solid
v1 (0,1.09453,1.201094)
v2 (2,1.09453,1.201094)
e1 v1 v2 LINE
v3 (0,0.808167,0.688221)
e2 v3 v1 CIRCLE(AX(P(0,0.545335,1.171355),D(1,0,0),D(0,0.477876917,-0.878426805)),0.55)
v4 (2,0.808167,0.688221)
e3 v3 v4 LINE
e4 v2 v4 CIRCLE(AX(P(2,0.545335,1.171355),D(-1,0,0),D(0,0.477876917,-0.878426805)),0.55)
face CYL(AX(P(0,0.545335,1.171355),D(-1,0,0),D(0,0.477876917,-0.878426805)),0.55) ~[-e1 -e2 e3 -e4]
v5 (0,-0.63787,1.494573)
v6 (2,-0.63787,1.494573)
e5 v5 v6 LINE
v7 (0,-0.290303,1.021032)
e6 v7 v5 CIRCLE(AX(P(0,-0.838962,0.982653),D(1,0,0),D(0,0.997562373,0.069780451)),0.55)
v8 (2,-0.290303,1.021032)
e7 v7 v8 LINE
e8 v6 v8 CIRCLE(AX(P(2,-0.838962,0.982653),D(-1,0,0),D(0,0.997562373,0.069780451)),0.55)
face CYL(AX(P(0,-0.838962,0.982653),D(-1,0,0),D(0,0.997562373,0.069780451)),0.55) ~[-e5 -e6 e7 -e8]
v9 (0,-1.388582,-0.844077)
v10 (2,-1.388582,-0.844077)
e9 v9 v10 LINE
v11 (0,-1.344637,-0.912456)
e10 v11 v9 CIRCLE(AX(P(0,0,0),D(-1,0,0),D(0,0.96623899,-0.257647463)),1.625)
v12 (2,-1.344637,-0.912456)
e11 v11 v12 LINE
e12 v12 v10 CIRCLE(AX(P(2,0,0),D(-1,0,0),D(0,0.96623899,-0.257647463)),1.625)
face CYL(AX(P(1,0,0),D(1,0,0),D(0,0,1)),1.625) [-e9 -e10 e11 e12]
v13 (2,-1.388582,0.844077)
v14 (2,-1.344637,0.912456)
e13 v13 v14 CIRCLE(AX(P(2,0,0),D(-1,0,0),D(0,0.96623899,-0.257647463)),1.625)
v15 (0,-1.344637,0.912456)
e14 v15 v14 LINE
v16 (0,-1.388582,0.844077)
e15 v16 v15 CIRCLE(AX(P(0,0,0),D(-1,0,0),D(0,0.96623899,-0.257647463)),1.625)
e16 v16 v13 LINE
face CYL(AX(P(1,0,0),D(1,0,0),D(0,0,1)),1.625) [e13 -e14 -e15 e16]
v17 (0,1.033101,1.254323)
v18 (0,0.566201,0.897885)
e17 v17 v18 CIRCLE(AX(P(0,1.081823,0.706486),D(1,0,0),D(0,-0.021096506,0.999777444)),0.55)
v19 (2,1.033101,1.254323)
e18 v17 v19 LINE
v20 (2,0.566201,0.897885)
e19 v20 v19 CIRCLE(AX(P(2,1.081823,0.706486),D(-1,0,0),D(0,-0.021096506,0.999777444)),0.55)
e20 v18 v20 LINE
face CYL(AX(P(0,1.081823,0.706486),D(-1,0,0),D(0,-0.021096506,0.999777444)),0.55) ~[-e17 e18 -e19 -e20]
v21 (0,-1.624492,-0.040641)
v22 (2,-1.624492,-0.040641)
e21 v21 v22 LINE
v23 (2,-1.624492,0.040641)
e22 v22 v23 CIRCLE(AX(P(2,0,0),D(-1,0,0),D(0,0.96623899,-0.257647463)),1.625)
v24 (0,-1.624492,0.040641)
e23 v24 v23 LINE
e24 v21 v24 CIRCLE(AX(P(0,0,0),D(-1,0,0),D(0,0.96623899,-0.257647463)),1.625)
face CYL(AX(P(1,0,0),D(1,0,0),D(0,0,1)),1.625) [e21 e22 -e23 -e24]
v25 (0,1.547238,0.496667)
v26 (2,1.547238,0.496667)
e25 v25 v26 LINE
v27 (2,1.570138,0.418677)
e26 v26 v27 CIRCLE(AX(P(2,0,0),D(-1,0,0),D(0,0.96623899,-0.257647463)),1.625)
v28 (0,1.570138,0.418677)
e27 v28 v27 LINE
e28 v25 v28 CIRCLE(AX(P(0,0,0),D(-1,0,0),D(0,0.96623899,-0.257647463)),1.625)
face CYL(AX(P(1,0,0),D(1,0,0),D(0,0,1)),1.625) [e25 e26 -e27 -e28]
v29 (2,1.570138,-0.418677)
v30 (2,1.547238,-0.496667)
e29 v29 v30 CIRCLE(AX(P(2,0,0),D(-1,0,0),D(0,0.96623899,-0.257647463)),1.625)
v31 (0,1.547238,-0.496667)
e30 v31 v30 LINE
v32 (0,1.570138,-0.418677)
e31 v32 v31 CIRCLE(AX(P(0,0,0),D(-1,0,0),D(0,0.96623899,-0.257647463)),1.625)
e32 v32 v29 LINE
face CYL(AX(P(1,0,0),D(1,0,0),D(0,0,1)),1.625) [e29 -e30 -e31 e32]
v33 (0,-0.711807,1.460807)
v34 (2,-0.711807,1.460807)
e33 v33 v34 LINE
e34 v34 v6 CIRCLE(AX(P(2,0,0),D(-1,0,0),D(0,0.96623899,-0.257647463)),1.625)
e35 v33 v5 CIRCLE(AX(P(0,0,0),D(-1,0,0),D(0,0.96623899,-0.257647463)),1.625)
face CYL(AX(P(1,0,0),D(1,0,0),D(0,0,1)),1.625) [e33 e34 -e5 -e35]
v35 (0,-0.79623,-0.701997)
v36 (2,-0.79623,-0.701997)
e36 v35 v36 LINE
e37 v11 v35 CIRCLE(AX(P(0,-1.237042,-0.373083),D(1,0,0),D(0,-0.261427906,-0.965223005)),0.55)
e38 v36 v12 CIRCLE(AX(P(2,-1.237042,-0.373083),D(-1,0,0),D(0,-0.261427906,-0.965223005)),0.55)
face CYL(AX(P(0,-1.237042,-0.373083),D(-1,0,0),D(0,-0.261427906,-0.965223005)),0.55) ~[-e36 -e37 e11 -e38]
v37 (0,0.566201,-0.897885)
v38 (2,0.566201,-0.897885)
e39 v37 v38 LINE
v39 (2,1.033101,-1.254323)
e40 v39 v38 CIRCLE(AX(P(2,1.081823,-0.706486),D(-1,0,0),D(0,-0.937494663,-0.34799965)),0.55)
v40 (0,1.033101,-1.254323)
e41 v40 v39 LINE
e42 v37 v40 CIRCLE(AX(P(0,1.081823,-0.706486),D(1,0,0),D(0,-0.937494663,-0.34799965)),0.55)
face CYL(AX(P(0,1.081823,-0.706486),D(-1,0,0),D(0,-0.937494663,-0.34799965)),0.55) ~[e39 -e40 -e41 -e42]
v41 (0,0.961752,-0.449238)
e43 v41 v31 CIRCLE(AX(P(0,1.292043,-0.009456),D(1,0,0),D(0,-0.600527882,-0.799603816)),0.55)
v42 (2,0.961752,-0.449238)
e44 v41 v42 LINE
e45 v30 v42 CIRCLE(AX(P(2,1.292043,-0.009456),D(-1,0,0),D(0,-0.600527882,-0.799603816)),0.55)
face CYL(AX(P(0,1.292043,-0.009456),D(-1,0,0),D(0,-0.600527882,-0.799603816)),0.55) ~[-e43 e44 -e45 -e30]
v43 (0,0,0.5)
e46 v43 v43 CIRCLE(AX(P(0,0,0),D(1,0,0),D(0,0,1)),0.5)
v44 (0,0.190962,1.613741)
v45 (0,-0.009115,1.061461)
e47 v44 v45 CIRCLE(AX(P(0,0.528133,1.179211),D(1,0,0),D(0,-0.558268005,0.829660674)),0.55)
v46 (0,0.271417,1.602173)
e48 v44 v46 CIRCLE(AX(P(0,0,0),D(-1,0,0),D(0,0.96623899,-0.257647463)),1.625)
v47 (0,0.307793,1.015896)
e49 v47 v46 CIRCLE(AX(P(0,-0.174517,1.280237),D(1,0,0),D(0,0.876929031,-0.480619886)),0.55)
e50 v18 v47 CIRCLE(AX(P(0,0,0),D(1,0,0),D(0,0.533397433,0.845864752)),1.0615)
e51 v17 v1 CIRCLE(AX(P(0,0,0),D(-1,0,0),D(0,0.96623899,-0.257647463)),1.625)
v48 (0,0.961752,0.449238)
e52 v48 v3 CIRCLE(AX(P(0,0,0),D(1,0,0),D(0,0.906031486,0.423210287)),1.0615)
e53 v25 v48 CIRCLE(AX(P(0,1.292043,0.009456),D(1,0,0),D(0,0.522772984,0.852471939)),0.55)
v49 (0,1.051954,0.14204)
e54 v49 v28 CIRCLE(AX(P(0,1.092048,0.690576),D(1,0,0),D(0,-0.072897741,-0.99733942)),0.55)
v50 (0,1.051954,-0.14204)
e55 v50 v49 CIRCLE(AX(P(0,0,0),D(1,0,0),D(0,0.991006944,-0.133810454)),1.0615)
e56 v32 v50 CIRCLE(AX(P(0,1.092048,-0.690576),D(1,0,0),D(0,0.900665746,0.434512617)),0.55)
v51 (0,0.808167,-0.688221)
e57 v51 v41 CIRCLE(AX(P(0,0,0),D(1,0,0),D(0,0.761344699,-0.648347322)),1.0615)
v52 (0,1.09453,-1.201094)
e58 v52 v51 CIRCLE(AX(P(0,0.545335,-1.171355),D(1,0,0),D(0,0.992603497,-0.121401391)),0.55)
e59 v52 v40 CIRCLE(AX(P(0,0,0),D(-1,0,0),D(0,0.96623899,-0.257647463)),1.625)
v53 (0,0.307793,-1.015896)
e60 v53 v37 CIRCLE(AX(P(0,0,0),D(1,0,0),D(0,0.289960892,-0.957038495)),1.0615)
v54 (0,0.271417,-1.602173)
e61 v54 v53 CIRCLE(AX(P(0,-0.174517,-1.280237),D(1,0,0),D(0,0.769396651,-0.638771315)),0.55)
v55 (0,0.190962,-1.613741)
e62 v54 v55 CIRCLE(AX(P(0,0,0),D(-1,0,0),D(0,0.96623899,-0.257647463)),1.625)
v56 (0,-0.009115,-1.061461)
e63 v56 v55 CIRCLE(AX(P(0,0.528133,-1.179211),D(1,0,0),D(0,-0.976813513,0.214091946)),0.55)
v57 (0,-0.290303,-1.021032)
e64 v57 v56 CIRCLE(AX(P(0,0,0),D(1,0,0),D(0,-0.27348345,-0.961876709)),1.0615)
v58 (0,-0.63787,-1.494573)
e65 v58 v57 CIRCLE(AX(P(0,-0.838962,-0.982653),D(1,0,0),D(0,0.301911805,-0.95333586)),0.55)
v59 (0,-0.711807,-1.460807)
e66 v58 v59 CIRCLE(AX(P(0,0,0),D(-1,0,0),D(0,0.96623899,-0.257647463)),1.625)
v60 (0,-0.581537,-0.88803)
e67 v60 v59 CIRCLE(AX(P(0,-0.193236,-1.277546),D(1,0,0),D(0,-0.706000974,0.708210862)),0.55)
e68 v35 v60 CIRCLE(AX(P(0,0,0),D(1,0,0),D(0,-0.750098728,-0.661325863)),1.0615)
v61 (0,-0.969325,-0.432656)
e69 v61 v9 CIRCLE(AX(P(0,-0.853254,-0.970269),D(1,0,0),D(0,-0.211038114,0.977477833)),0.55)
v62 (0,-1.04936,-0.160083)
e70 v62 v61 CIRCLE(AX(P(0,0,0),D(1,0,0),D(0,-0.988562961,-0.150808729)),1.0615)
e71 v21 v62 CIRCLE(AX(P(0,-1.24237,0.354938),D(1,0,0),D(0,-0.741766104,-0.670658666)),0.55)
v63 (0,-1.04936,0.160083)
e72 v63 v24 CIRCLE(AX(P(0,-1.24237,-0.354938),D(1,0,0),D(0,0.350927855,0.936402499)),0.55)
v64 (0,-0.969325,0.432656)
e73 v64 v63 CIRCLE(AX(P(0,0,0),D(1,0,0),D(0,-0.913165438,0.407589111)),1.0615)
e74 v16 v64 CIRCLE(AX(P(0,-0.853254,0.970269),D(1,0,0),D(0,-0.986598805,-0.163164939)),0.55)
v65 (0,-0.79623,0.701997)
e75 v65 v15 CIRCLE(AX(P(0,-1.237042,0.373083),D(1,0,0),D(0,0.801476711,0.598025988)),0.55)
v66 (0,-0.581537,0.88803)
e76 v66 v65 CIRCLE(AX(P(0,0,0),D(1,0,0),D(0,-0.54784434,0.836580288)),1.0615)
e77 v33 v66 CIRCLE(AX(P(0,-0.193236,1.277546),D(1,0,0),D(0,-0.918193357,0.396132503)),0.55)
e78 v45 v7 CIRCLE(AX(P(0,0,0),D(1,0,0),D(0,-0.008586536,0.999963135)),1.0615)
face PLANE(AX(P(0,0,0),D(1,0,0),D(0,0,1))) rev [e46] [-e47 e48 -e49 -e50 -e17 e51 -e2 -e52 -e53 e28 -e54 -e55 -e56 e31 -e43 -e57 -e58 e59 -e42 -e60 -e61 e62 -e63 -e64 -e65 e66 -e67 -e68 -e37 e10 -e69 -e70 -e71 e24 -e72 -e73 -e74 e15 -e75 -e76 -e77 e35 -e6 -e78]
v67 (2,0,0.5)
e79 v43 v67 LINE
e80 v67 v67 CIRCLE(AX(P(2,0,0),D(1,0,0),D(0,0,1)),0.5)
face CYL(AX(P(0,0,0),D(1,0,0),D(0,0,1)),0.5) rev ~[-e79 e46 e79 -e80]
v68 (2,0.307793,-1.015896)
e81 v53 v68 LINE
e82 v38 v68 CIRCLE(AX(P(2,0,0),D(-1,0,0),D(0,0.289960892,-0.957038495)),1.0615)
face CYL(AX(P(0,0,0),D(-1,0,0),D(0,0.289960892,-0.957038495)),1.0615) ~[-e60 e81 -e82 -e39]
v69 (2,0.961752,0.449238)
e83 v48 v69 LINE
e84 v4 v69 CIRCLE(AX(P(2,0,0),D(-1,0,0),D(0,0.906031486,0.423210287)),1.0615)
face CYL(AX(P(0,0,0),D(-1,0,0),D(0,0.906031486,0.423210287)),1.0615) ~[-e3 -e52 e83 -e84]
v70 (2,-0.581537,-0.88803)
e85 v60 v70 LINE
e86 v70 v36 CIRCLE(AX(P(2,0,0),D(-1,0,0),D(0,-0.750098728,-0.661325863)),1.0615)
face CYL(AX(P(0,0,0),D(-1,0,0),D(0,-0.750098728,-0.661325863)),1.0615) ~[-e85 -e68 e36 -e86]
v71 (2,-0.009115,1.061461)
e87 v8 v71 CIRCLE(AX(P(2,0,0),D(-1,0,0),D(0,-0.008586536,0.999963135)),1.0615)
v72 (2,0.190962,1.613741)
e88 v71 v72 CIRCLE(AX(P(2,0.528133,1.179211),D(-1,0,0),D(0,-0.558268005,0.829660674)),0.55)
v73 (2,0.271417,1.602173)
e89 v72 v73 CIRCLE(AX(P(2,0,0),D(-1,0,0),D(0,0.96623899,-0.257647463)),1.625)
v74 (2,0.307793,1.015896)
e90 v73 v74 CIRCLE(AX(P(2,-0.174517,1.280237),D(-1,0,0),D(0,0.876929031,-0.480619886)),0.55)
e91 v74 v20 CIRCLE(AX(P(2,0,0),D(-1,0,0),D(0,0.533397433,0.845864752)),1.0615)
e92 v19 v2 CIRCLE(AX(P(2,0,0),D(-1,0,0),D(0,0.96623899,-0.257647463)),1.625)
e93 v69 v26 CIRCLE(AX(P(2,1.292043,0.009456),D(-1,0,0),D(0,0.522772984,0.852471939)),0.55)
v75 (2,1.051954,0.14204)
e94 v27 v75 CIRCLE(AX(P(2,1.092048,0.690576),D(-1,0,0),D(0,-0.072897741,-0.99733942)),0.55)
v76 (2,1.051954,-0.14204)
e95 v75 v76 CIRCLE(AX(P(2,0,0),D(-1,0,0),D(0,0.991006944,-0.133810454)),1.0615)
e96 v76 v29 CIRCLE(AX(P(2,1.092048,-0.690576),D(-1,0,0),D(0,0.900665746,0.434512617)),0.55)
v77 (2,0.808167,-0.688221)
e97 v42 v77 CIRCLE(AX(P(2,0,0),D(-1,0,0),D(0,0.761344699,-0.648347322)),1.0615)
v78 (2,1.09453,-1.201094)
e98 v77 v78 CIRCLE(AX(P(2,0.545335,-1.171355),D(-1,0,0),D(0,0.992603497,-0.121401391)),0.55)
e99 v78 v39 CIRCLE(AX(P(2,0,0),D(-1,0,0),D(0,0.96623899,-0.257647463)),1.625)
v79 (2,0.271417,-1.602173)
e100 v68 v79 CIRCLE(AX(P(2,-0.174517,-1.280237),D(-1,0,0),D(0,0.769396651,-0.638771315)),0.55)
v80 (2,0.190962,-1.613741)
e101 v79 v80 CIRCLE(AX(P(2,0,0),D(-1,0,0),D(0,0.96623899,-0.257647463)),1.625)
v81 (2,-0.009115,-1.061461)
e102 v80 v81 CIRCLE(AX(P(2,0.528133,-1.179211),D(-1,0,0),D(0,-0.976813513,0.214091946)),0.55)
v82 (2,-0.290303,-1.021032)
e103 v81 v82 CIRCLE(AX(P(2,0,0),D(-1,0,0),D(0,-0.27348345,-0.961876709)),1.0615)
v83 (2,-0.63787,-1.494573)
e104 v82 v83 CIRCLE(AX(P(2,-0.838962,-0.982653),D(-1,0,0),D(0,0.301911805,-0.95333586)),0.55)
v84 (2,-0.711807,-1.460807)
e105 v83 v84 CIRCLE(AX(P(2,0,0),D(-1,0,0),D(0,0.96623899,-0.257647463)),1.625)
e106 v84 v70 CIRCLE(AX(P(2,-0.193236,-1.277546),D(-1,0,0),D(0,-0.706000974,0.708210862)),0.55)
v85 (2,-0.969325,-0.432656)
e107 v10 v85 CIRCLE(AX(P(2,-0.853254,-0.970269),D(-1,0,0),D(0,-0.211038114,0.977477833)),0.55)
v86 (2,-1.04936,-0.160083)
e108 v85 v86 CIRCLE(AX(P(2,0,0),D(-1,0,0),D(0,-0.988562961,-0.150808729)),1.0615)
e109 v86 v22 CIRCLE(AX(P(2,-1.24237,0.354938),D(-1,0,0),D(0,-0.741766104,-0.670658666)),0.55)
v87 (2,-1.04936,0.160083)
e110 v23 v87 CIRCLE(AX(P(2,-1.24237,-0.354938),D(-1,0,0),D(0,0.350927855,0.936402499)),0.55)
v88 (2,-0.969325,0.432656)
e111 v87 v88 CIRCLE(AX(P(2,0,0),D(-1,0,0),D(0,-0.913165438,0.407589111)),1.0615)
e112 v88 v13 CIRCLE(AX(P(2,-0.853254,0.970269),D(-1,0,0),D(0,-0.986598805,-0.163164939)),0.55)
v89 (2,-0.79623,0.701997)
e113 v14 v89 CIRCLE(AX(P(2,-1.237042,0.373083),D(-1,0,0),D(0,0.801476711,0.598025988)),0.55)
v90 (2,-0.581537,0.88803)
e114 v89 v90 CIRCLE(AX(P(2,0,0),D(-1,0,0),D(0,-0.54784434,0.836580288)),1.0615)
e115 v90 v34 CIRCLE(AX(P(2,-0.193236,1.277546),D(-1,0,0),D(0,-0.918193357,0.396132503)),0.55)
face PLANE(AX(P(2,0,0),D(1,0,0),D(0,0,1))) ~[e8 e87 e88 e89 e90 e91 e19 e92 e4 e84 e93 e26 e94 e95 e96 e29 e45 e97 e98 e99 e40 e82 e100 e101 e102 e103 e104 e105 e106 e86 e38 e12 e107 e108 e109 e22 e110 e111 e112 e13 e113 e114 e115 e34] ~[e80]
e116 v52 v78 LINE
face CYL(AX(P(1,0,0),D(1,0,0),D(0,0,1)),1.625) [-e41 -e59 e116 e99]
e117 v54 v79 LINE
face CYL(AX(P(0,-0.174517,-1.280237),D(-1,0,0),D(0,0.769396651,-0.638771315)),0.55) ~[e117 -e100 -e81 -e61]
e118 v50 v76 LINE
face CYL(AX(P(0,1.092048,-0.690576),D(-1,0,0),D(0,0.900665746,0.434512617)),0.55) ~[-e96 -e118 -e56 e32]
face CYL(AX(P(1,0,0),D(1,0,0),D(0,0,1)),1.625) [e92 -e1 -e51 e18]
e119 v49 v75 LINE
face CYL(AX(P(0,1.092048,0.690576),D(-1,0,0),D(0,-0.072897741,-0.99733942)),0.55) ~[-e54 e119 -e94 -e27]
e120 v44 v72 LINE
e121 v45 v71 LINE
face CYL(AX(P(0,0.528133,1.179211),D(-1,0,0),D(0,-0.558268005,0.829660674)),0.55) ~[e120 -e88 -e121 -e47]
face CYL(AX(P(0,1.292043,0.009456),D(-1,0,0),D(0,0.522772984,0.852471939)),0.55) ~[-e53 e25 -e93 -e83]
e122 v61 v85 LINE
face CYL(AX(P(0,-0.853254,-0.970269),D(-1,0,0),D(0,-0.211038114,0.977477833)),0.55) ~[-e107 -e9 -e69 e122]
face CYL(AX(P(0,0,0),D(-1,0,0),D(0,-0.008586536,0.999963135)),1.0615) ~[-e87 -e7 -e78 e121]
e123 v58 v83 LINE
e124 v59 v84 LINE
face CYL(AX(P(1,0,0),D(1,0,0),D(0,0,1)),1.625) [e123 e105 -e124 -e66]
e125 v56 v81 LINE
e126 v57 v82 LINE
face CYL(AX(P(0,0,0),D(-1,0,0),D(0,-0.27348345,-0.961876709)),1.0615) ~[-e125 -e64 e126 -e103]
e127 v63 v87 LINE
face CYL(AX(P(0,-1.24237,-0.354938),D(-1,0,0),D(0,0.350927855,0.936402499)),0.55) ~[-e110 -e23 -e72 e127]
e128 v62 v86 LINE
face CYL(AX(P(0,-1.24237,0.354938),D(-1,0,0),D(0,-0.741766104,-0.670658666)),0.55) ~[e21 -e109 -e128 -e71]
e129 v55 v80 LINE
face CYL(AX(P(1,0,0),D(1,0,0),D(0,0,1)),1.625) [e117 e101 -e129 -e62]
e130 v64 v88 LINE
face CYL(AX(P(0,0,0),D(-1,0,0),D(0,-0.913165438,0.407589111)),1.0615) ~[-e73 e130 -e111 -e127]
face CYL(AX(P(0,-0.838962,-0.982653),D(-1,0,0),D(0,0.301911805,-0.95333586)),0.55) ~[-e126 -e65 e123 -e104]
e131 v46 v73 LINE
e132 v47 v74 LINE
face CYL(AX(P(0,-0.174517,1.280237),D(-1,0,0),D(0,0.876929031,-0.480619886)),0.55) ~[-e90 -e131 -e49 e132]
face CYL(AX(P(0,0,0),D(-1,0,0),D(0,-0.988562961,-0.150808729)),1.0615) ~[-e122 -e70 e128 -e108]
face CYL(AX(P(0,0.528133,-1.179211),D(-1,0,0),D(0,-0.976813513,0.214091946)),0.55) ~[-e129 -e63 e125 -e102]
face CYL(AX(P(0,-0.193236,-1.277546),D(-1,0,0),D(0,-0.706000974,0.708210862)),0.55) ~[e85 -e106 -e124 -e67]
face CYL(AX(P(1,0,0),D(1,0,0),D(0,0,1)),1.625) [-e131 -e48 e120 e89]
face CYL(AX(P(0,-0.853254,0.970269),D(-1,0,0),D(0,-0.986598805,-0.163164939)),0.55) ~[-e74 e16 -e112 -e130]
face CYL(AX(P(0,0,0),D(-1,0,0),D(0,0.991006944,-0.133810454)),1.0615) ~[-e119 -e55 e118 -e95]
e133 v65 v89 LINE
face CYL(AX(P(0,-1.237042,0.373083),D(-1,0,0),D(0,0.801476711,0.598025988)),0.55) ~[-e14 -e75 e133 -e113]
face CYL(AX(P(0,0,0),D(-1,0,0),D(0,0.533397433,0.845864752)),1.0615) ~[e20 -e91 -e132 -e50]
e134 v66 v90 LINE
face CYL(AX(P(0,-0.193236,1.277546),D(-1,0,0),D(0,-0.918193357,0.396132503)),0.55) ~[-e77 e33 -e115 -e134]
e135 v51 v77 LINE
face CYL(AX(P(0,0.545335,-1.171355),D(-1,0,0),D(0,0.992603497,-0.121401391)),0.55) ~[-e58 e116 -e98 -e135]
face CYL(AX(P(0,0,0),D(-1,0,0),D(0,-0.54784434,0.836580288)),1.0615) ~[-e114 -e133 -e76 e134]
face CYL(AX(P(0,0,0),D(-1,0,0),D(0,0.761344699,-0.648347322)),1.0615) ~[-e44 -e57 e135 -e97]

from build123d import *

# Parameters (mm, degrees)
BASPROSKE_W     = 2
BASPROSKE_H     = 1.625
TOOTHCUT_DEPTH  = 4.046514402
TEETHCUTS_COUNT = 11
TEETHCUTS_ANGLE = 327.272727273
BORSKE_R        = 0.5
BORE_DEPTH      = 50.0000508


with BuildPart() as part:
    # BasProSke → Base-Revolve (revolve)
    with BuildSketch(Plane(origin=(0, 0, 0), x_dir=(1, 0, 0), z_dir=(0, 1, 0)), mode=Mode.PRIVATE) as base_revolve_sk:
        with Locations((1, 0.8125)):
            Rectangle(BASPROSKE_W, BASPROSKE_H)
    revolve(base_revolve_sk.sketch.rotate(Axis((-10, 0, 0), (1, 0, 0)), 180), axis=Axis((-10, 0, 0), (1, 0, 0)))

    # TooCutSke → ToothCut (cut, through all)
    with BuildSketch(Plane(origin=(0, 0, 0), x_dir=(0, 0, -1), z_dir=(1, 0, 0))):
        with BuildLine():
            ThreePointArc((0.142039792, 1.051953871), (0, 1.0615), (-0.142039792, 1.051953871))
            ThreePointArc((-0.142039792, 1.051953871), (-0.214419225, 1.367318904), (-0.451594534, 1.587413789))
            ThreePointArc((-0.451594534, 1.587413789), (0, 1.6504), (0.451594534, 1.587413789))
            ThreePointArc((0.451594534, 1.587413789), (0.214419225, 1.367318904), (0.142039792, 1.051953871))
        make_face()
    toothcut = extrude(amount=TOOTHCUT_DEPTH, mode=Mode.SUBTRACT)

    # TeethCuts: ToothCut ×11 about axis
    teethcuts_axis = Axis((-10, 0, 0), (1, 0, 0))
    for i in range(1, TEETHCUTS_COUNT):
        add(toothcut.rotate(teethcuts_axis, i * TEETHCUTS_ANGLE / (TEETHCUTS_COUNT - 1)), mode=Mode.SUBTRACT)

    # BorSke → Bore (cut, symmetric)
    with BuildSketch(Plane(origin=(0, 0, 0), x_dir=(0, 0, -1), z_dir=(1, 0, 0))):
        with Locations(Location((0, 0, 0), (0, 0, 180))):
            Circle(BORSKE_R)
    extrude(amount=BORE_DEPTH, both=True, mode=Mode.SUBTRACT)


solid = part.part
